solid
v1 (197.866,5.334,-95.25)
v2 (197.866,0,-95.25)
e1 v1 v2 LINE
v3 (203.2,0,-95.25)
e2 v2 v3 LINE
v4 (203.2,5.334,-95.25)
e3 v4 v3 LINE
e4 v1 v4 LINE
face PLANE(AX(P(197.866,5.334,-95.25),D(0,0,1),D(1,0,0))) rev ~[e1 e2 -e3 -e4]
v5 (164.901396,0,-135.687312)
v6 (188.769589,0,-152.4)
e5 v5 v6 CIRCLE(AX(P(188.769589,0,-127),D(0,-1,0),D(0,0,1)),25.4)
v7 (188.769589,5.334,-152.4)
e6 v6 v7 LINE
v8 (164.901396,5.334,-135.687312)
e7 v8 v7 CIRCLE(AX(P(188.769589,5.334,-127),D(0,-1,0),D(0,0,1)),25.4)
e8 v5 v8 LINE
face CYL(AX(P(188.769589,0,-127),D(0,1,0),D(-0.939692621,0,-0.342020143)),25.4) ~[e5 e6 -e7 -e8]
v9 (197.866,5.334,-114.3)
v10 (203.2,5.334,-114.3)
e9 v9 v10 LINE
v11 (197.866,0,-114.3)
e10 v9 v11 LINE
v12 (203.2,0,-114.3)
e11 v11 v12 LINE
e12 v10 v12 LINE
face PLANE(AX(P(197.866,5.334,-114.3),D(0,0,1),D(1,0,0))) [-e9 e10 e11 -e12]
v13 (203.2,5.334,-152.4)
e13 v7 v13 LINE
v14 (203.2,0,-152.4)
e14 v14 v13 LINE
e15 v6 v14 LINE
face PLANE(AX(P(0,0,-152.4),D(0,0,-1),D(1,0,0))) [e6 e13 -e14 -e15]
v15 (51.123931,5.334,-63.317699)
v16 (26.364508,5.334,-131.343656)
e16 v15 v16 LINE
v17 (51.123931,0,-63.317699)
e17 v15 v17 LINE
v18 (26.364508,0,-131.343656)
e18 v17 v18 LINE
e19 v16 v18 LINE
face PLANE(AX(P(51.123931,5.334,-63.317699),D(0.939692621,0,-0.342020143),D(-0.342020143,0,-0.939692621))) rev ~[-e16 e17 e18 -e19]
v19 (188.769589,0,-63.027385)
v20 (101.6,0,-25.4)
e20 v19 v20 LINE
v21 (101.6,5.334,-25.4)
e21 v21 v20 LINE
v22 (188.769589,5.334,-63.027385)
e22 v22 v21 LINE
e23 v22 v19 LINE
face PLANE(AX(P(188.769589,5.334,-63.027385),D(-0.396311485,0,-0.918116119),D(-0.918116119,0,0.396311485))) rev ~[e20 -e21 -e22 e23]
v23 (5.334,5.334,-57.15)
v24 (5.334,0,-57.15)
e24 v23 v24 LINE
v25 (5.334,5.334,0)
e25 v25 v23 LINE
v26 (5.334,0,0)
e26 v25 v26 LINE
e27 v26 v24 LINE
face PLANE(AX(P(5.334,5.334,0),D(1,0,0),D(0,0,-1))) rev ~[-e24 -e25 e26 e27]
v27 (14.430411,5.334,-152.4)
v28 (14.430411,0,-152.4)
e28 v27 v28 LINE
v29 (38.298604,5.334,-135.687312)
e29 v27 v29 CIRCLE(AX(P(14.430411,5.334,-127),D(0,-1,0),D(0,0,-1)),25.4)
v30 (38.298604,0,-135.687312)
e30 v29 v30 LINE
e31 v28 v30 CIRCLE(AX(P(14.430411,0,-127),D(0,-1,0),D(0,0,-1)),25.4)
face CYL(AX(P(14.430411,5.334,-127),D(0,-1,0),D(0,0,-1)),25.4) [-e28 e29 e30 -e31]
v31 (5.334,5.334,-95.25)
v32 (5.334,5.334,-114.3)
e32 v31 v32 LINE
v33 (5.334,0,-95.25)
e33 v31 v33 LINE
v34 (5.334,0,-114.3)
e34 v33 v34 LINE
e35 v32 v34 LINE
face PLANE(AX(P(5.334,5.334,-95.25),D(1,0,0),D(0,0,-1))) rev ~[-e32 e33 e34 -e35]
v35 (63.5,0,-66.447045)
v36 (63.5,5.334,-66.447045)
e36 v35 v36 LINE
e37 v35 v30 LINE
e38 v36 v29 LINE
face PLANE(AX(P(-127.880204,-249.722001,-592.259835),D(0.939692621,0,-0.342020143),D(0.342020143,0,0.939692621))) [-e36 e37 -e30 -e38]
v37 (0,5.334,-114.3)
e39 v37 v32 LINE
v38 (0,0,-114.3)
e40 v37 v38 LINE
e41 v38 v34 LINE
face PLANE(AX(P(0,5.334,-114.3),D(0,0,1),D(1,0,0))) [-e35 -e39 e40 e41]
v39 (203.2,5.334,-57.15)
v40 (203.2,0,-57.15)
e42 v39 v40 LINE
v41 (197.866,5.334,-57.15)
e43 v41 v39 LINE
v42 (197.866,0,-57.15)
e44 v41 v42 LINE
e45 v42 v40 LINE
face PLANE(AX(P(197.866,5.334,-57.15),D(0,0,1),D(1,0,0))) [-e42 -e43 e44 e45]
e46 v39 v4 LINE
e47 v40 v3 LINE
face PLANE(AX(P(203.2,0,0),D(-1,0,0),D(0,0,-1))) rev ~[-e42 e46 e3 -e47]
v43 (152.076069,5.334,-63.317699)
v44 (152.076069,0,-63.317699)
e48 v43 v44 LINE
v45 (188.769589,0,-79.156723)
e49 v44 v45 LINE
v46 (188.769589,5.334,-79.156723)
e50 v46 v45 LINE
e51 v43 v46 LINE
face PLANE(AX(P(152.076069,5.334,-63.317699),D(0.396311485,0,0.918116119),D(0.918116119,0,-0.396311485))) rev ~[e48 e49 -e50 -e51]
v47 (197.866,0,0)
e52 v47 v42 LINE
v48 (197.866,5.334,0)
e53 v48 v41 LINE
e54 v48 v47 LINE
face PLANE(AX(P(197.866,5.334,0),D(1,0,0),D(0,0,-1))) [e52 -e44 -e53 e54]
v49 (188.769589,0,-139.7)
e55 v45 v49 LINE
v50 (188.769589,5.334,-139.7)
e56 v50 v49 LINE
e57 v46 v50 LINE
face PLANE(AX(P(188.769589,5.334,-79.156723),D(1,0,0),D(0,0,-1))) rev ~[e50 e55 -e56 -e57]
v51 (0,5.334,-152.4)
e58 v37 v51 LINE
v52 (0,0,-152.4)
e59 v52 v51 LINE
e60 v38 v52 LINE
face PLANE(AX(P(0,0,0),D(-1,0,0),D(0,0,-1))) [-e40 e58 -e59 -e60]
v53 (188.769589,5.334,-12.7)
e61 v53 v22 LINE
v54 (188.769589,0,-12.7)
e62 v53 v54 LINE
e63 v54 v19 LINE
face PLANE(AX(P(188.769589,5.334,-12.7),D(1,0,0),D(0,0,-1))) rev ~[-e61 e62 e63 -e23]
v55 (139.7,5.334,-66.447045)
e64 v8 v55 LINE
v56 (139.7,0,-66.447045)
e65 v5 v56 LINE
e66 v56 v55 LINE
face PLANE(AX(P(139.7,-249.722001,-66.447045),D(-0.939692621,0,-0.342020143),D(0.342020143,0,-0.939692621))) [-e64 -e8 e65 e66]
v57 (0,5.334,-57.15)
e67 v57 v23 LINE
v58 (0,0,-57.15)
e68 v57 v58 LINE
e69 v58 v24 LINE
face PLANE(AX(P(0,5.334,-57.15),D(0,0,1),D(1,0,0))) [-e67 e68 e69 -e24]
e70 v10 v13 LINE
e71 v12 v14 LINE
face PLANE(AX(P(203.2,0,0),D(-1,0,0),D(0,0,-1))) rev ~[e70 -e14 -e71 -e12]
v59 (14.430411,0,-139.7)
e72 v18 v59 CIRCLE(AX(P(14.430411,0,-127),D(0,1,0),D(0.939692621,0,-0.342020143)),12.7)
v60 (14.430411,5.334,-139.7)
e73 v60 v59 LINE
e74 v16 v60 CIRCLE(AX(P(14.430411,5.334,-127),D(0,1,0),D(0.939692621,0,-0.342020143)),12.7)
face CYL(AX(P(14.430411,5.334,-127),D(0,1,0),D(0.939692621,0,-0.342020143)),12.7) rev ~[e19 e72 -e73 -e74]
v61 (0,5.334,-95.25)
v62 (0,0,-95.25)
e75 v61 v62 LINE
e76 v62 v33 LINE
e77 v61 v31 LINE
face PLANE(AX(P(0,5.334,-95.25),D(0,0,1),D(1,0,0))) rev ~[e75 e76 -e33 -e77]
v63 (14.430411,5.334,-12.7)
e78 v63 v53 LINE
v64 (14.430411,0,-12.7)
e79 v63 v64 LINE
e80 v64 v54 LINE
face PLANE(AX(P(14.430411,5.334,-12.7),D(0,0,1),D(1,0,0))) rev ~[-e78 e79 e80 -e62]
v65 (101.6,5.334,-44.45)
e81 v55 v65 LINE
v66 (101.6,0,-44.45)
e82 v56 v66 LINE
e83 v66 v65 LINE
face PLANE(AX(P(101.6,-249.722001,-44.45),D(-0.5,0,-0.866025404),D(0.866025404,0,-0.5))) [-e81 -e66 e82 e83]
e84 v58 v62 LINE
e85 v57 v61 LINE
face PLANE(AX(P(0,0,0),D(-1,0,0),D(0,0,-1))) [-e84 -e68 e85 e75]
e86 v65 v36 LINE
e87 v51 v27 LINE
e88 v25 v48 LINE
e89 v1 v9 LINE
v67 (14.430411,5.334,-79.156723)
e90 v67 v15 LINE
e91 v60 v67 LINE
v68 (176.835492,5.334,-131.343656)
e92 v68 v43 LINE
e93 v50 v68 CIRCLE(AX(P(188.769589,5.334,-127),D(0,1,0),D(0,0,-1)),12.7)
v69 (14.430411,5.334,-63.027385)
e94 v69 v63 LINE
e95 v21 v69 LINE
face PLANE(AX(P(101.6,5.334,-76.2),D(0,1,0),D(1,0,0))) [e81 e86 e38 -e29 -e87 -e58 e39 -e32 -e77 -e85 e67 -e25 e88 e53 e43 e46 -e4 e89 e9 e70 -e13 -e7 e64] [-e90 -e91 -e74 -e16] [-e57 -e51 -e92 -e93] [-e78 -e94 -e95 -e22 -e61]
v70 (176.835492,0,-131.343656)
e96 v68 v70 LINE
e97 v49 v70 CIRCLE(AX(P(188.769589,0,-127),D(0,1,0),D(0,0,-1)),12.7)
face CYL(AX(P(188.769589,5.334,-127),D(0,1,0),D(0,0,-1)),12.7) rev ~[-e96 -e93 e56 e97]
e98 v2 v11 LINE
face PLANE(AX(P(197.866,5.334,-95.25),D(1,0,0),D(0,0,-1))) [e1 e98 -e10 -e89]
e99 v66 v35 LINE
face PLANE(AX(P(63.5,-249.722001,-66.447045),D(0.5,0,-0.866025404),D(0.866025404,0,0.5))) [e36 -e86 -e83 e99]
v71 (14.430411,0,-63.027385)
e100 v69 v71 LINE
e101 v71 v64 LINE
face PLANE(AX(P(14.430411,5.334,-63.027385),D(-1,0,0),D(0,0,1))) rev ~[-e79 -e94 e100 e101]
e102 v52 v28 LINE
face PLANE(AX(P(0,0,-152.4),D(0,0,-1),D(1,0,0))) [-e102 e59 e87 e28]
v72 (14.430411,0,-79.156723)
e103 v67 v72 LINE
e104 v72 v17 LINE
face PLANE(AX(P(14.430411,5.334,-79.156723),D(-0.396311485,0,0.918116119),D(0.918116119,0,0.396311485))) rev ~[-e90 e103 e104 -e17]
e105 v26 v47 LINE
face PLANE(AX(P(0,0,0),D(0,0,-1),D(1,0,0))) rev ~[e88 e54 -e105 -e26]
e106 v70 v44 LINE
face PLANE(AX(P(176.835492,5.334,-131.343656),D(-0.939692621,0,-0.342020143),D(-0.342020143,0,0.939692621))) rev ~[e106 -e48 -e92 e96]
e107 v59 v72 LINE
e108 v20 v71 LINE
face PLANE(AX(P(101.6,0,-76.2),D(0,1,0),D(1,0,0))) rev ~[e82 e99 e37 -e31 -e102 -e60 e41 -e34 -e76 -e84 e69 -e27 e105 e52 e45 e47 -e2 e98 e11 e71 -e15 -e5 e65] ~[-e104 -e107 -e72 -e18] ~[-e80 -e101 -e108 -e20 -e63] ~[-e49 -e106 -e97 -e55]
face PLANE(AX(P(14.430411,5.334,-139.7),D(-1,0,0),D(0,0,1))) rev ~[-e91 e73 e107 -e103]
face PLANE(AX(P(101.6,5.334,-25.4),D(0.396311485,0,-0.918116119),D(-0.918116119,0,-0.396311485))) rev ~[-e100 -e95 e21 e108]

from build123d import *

# Parameters (mm, degrees)
SKETCH1_W              = 203.2
SKETCH1_H              = 152.4
BASE_DEPTH             = 5.334
CENTER_CUT_DEPTH       = 255.056000827
CENTER_CUT_DEPTH_BACK  = 255.056000827
SKETCH4_W              = 5.334
SKETCH4_H              = 19.05
SKETCH4_H_2            = 57.15
SLOTS_DEPTH            = 255.056000827
LEADING_EDGE_FILLET_R  = 25.4
WEIGHT_REDUCTION_DEPTH = 255.056000827


with BuildPart() as part:
    # Sketch1 → Base (new body)
    with BuildSketch(Plane(origin=(0, 0, 0), x_dir=(1, 0, 0), z_dir=(0, 1, 0))):
        with Locations((101.6, 76.2)):
            Rectangle(SKETCH1_W, SKETCH1_H)
    extrude(amount=BASE_DEPTH)

    # Sketch2 → Center Cut (cut, two sides: drawn at the far end of the back side and taken through both)
    with BuildSketch(Plane(origin=(0, 5.334, 0), x_dir=(1, 0, 0), z_dir=(0, 1, 0)).offset(-CENTER_CUT_DEPTH_BACK)):
        Polygon((-127.880204408, 592.259835398), (32.215682926, 152.4), (63.5, 66.447045256), (101.6, 44.45), (139.7, 66.447045256), (170.984317074, 152.4), (331.080204408, 592.259835398), (331.080204408, 1528.437955069), (-127.880204408, 1528.437955069), align=None)
    extrude(amount=CENTER_CUT_DEPTH + CENTER_CUT_DEPTH_BACK, mode=Mode.SUBTRACT)

    # Sketch4 → Slots (cut, through all)
    with BuildSketch(Plane(origin=(0, 5.334, 0), x_dir=(1, 0, 0), z_dir=(0, 1, 0))):
        with Locations((2.667, 104.775)):
            Rectangle(SKETCH4_W, SKETCH4_H)
        with Locations((200.533, 28.575)):
            Rectangle(SKETCH4_W, SKETCH4_H_2)
        with Locations((2.667, 28.575)):
            Rectangle(SKETCH4_W, SKETCH4_H_2)
        with Locations((200.533, 104.775)):
            Rectangle(SKETCH4_W, SKETCH4_H)
    extrude(amount=-SLOTS_DEPTH, mode=Mode.SUBTRACT)

    # Leading Edge Fillet
    leading_edge_fillet_edges = [part.edges().sort_by_distance(p)[0] for p in [
        (170.984317074, 2.667, -152.4),
        (32.215682926, 2.667, -152.4),
    ]]
    fillet(leading_edge_fillet_edges, radius=LEADING_EDGE_FILLET_R)

    # Sketch5 → Weight Reduction (cut, through all)
    with BuildSketch(Plane(origin=(0, 5.334, 0), x_dir=(1, 0, 0), z_dir=(0, 1, 0))):
        Polygon((14.430411455, 12.7), (188.769588545, 12.7), (188.769588545, 63.027385411), (101.6, 25.4), (14.430411455, 63.027385411), align=None)
        with BuildLine():
            Line((14.430411455, 139.7), (14.430411455, 79.156722924))
            Line((14.430411455, 79.156722924), (51.123931231, 63.31769886))
            Line((51.123931231, 63.31769886), (26.364507739, 131.34365582))
            ThreePointArc((26.364507739, 131.34365582), (21.714832197, 137.403230962), (14.430411455, 139.7))
        make_face()
        with BuildLine():
            Line((176.835492261, 131.34365582), (152.076068769, 63.31769886))
            Line((152.076068769, 63.31769886), (188.769588545, 79.156722924))
            Line((188.769588545, 79.156722924), (188.769588545, 139.7))
            ThreePointArc((188.769588545, 139.7), (181.485167803, 137.403230962), (176.835492261, 131.34365582))
        make_face()
    extrude(amount=-WEIGHT_REDUCTION_DEPTH, mode=Mode.SUBTRACT)


solid = part.part
